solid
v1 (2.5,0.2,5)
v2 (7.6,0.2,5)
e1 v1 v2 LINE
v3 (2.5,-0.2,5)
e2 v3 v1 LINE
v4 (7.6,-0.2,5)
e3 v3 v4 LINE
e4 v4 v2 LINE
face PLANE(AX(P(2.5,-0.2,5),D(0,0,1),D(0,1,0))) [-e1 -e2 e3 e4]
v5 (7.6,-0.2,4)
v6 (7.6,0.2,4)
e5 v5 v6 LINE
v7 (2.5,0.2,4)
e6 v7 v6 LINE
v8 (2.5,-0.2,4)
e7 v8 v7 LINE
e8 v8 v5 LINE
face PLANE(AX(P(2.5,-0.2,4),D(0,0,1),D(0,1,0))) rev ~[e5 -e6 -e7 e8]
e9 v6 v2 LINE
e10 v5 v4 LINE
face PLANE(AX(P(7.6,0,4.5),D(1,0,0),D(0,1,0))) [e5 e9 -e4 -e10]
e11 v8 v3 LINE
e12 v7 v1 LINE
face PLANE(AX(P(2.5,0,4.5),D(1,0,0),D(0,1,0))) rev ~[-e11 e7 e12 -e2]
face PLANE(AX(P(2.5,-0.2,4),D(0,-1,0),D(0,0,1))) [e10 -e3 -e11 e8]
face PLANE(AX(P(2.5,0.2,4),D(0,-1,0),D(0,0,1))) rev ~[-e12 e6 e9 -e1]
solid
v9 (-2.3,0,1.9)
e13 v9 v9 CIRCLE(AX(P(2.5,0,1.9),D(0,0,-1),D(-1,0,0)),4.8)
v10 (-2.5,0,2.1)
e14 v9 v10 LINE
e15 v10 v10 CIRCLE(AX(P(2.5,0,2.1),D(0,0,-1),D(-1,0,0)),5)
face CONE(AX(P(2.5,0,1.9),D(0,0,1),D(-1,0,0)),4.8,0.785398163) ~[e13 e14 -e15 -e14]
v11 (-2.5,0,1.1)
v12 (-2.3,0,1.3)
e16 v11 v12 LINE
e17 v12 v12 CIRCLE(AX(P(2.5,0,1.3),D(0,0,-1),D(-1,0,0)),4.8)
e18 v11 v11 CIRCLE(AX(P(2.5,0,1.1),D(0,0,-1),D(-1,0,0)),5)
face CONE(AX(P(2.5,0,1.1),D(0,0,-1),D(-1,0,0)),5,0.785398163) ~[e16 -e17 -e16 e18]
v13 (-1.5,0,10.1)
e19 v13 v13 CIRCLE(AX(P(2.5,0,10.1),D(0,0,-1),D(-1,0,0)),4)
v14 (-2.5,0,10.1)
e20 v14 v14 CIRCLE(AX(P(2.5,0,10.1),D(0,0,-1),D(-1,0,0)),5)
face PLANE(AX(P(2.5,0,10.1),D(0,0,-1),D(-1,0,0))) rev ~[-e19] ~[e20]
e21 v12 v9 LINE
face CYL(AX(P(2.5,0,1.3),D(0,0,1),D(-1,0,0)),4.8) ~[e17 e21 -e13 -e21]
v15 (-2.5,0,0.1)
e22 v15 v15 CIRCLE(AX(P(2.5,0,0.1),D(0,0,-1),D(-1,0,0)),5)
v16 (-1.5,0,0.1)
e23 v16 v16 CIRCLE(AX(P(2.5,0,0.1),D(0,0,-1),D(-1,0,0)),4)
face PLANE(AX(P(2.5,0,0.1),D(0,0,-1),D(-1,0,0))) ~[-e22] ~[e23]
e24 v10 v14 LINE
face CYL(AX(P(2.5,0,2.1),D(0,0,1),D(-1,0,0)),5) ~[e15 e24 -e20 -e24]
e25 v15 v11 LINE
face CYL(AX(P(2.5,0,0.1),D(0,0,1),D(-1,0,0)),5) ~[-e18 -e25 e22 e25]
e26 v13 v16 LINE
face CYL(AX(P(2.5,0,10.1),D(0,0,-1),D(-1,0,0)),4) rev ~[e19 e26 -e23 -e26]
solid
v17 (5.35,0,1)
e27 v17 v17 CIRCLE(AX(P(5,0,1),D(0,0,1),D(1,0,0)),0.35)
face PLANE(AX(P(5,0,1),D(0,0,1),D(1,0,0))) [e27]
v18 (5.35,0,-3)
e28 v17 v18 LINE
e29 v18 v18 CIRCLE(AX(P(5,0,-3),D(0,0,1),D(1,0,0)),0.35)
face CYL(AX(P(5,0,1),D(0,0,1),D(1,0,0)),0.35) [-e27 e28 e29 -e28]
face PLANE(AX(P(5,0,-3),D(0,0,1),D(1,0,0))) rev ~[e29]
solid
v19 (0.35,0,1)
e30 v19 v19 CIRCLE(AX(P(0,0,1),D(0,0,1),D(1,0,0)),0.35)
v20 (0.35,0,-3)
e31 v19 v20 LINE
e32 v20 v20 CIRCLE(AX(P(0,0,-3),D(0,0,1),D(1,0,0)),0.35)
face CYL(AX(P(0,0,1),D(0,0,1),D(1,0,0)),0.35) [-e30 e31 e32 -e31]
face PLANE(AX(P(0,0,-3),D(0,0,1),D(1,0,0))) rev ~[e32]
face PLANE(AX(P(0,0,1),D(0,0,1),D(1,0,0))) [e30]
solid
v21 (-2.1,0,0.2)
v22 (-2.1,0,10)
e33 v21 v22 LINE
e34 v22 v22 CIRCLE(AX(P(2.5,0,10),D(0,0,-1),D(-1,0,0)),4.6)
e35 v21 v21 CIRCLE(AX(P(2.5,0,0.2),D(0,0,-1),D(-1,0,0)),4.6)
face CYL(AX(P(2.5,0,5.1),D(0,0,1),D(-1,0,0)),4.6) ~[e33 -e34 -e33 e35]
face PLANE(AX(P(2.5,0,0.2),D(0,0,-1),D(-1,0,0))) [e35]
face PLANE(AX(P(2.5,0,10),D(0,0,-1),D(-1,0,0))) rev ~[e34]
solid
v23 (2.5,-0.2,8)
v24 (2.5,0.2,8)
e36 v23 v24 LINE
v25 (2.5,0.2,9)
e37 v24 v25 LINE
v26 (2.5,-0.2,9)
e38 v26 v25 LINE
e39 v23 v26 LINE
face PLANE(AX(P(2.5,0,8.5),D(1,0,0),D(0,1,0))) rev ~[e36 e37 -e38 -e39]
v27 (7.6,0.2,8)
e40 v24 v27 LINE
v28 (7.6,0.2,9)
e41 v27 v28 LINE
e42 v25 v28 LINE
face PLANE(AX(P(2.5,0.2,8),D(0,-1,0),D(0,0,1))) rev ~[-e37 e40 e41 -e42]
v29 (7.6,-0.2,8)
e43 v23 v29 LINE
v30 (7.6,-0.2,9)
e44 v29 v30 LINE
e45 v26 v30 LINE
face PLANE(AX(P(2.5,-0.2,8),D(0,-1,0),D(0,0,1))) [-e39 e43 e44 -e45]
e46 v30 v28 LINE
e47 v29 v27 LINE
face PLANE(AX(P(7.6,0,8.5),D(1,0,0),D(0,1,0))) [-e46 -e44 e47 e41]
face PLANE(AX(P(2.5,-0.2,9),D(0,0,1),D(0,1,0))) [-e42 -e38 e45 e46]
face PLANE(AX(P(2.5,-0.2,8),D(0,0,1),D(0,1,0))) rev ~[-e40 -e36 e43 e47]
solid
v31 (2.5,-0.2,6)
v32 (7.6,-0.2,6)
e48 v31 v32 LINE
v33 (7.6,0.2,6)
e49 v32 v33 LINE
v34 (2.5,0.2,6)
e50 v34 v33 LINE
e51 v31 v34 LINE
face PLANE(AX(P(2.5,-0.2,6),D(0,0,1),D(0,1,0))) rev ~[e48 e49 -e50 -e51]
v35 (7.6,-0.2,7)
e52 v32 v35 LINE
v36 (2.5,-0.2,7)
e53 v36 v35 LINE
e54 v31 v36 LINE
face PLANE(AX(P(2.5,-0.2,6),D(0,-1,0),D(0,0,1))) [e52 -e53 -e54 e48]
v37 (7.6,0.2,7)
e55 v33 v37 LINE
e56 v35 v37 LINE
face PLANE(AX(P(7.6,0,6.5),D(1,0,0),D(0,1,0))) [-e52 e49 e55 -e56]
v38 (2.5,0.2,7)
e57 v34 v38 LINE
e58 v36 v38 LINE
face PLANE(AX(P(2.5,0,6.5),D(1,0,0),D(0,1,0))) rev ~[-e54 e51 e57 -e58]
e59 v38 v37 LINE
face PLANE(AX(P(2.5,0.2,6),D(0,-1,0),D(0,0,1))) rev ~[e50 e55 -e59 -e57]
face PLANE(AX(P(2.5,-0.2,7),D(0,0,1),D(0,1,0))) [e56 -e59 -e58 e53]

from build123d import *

# Parameters (mm, degrees)
SKETCH002_W  = 4.6
SKETCH002_H  = 9.8
SKETCH003_R  = 0.35
PAD_DEPTH    = 4
SKETCH004_W  = 0.4
SKETCH004_H  = 1
PAD001_DEPTH = 5.1


with BuildPart() as revolution:
    # Sketch → Revolution (revolve)
    with BuildSketch(Plane.XZ):
        Polygon((-2.5, 0.1), (-2.5, 1.1), (-2.3, 1.3), (-2.3, 1.9), (-2.5, 2.1), (-2.5, 10.1), (-1.5, 10.1), (-1.5, 0.1), align=None)
    revolve(axis=Axis((2.5, 0, 7.548619), (0, 0, -1)))


with BuildPart() as revolution001:
    # Sketch002 → Revolution001 (revolve)
    with BuildSketch(Plane.XZ):
        with Locations((0.2, 5.1)):
            Rectangle(SKETCH002_W, SKETCH002_H)
    revolve(axis=Axis((2.5, 0, 4.680116), (0, 0, -1)))


with BuildPart() as pad:
    # Sketch003 → Pad (new body)
    with BuildSketch(Plane.XY.offset(1)):
        Circle(SKETCH003_R)
        with Locations((5, 0)):
            Circle(SKETCH003_R)
    extrude(amount=-PAD_DEPTH)


with BuildPart() as pad001:
    # Sketch004 → Pad001 (new body)
    with BuildSketch(Plane.YZ.offset(2.5)):
        with Locations((0, 4.5)):
            Rectangle(SKETCH004_W, SKETCH004_H)
        with Locations((0, 6.5)):
            Rectangle(SKETCH004_W, SKETCH004_H)
        with Locations((0, 8.5)):
            Rectangle(SKETCH004_W, SKETCH004_H)
    extrude(amount=PAD001_DEPTH)


solid = Compound([revolution.part, revolution001.part, pad.part, pad001.part])
